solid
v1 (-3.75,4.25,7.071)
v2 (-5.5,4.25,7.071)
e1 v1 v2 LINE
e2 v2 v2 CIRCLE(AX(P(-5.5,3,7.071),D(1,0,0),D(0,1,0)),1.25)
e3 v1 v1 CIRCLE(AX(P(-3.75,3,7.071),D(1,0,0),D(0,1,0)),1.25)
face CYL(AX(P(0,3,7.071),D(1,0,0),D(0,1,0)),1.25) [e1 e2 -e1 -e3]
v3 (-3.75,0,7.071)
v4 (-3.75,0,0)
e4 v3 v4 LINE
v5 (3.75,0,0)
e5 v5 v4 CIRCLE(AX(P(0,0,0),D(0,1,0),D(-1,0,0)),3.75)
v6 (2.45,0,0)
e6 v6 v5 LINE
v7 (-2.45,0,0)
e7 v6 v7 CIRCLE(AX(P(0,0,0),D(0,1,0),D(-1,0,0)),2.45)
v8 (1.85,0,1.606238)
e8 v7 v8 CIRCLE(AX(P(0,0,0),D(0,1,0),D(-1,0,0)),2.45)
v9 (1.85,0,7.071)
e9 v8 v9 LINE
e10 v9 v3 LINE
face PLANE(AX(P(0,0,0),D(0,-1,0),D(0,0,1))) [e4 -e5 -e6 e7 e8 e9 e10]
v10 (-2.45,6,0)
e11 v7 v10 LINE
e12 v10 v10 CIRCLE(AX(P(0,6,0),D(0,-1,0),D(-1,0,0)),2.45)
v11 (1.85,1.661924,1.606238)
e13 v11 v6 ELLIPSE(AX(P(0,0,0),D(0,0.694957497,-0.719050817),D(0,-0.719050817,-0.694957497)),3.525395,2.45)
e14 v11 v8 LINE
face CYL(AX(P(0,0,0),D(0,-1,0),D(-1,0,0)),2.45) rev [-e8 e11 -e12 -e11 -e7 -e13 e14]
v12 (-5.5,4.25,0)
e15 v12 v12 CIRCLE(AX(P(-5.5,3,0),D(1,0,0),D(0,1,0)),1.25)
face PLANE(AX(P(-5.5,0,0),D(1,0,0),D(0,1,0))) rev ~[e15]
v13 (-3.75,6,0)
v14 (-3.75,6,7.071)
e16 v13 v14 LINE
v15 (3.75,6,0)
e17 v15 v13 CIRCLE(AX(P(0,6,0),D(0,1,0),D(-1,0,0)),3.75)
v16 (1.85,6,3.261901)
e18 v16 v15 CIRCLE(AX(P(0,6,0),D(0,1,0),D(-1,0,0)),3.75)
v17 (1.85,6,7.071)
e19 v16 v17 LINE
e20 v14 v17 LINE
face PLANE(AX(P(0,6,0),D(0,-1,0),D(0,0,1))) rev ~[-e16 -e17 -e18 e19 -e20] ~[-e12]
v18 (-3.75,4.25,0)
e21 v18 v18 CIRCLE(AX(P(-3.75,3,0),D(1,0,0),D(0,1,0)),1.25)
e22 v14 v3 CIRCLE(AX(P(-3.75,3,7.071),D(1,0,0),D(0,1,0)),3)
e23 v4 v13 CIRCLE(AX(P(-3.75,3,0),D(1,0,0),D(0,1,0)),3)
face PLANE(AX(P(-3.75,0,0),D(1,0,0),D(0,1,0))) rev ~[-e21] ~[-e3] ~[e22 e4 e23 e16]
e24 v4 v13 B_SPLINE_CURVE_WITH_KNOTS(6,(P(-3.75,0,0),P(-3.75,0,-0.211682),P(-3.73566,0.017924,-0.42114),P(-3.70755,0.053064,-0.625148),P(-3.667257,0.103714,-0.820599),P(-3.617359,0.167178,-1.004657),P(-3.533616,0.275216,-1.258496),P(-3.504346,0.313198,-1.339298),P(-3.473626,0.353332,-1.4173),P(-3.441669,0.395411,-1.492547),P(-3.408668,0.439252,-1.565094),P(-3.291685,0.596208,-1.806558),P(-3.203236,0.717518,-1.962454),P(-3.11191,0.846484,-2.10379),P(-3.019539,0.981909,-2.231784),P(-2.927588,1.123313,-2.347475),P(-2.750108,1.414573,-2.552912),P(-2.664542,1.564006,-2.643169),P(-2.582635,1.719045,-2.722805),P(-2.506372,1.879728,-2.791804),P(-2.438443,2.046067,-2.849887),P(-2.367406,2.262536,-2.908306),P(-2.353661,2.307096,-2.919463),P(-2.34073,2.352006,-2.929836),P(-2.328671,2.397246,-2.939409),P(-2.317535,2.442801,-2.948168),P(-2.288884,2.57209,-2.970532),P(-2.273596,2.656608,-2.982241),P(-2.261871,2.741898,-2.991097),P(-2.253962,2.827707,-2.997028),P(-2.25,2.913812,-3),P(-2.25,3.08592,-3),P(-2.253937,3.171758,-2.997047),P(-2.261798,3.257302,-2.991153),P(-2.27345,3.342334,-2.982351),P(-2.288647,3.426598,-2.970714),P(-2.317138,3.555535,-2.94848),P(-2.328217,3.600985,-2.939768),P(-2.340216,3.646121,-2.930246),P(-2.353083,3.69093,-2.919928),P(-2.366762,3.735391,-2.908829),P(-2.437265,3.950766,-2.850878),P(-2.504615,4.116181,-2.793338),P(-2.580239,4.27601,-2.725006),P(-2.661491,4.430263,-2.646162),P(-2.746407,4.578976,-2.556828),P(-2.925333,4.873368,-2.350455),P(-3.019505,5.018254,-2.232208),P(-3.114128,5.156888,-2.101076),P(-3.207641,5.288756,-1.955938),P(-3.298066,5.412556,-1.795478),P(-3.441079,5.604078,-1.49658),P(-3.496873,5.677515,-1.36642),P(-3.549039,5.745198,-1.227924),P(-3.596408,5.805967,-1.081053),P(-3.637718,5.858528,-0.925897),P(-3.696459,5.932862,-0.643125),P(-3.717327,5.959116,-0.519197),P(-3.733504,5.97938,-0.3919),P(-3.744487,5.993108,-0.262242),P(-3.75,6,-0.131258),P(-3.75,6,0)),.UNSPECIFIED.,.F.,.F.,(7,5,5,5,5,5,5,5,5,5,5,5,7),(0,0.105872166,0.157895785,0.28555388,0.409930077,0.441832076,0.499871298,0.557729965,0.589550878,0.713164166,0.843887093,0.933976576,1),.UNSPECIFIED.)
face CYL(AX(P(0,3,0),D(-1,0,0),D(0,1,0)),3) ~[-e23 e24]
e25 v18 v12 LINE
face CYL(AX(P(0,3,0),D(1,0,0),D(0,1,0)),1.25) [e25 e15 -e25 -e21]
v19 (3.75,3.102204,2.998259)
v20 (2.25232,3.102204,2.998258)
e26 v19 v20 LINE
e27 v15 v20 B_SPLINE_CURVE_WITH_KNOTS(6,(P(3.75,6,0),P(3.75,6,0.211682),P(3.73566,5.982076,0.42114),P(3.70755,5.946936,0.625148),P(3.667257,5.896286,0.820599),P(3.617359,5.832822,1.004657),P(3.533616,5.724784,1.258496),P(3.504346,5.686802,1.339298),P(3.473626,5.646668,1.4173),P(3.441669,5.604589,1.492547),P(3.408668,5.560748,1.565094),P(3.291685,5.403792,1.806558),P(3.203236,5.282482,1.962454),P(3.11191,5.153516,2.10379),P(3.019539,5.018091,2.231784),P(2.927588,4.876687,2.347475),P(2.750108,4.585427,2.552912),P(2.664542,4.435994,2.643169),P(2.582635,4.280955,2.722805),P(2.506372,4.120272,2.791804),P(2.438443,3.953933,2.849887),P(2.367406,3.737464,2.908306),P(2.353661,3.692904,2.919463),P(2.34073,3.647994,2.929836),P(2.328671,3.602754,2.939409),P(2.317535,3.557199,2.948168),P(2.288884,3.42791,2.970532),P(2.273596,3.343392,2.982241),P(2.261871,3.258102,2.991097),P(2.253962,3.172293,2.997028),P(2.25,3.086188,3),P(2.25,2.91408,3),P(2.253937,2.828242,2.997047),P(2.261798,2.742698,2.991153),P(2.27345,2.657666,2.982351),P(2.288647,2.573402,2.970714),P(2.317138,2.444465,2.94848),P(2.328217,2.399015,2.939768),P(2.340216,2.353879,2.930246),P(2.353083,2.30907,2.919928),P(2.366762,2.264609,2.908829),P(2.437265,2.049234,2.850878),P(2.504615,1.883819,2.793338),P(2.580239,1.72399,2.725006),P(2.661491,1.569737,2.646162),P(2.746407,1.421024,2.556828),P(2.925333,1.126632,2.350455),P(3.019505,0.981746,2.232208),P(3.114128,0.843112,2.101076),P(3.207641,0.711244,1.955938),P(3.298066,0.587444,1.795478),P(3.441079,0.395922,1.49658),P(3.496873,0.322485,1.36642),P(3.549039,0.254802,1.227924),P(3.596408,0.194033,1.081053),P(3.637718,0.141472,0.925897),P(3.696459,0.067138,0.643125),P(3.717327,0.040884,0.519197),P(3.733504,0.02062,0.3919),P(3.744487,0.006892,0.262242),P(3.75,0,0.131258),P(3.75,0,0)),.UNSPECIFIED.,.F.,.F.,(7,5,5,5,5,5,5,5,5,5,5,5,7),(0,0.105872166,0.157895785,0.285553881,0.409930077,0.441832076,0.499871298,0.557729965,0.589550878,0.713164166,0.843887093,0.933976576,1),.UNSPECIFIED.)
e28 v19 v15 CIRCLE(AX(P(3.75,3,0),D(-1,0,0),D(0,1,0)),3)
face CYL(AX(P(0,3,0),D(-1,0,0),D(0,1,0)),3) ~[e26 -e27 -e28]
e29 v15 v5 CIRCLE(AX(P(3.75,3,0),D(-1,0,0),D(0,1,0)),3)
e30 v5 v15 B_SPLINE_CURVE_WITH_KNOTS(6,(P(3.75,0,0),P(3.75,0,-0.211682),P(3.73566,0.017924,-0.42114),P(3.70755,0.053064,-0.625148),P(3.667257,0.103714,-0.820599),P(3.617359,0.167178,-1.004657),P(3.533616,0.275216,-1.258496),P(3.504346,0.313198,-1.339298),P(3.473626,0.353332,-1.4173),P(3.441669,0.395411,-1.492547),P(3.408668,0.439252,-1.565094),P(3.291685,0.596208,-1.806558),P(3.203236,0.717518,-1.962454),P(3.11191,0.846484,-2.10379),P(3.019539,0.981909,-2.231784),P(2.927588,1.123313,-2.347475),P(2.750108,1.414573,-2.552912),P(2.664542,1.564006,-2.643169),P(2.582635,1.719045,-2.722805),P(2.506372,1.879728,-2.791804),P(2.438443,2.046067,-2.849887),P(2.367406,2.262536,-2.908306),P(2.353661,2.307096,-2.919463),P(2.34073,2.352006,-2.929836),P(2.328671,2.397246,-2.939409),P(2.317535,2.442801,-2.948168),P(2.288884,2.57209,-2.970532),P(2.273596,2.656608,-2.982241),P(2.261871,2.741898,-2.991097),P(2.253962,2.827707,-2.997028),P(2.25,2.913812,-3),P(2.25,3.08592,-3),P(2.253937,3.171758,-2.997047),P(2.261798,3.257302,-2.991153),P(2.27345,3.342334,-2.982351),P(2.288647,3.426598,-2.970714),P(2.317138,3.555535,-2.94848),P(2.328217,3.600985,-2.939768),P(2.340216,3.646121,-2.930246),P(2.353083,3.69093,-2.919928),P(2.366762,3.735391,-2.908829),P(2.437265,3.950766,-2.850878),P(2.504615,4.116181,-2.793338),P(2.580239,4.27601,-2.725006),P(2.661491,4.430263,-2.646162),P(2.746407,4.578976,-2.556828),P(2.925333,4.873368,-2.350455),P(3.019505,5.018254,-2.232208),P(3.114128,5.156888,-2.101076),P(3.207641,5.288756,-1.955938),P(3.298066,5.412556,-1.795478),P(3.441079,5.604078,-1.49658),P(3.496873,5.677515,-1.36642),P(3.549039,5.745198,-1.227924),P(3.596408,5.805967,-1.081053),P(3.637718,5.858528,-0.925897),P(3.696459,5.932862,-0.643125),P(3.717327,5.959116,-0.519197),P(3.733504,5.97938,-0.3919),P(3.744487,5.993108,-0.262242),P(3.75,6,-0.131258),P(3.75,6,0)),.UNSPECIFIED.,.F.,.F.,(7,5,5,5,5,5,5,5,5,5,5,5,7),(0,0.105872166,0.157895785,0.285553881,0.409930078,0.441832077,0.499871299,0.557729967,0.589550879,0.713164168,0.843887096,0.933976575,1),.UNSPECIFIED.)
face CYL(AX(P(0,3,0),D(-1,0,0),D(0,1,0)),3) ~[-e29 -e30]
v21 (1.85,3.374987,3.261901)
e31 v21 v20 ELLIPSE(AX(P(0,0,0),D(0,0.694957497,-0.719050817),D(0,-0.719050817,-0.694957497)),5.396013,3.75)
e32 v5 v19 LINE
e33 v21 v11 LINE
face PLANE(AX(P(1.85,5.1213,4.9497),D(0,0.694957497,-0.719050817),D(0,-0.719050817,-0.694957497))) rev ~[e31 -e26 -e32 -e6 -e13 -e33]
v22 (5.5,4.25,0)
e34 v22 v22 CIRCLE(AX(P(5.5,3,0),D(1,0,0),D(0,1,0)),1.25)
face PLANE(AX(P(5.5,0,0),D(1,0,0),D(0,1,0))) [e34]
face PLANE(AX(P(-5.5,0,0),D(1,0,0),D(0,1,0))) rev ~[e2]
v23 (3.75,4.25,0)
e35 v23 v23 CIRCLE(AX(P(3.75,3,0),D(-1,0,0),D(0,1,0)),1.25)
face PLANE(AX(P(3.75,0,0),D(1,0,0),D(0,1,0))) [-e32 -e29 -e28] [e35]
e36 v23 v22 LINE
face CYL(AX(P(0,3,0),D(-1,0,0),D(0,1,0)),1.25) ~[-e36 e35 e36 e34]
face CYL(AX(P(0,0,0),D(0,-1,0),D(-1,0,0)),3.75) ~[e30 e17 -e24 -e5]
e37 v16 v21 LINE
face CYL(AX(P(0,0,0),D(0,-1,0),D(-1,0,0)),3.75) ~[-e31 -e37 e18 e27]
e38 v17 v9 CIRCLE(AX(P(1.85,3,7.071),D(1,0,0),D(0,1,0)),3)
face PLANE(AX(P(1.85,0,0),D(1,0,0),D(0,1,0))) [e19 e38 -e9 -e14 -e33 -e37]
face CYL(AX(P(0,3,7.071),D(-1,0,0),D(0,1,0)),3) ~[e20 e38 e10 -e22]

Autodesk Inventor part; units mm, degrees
ref_plane "YZ Plane" through (0, 0, 0) normal (1, 0, 0) x (0, 1, 0)
ref_plane "XZ Plane" through (0, 0, 0) normal (0, 1, 0) x (-1, 0, 0)
ref_plane "XY Plane" through (0, 0, 0) normal (0, 0, 1) x (1, 0, 0)
sketch "Эскиз1" plane through (0, 0, 0) normal (0, 1, 0) x (-1, 0, 0)
  circle A0 centre (0, 0) radius 2.45
  circle A1 centre (0, 0) radius 3.75
  dimension "d0" = 4.9
  dimension "d1" = 7.5
extrude "Выдавливание1" add sketch "Эскиз1" along normal blind 6
sketch "Эскиз2" plane through (0, 0, 0) normal (1, 0, 0) x (0, 1, 0)
  circle A0 centre (3, 0) radius 1.25
  line L0 (0, -3.75) -> (0, 3.75) projected
  circle A1 centre (3, 0) radius 3
  circle A2 centre (3, 7.071) radius 1.25
  arc A3 (6, 7.071) -> (0, 7.071) centre (3, 7.071) ccw
  line L1 (3, 0) -> (3, 7.071) construction
  line L2 (6, 0) -> (6, 7.071)
  line L3 (0, 7.071) -> (0, 0)
  point P0 (0, 0)
  dimension "d7" = 6
  dimension "d4" = 2.5
  dimension "d12" = 2.5
  dimension "d13" = 6
  dimension "d14" = 7.071
extrude "Выдавливание3" add sketch "Эскиз2" along normal mid plane 7.5 contours A1
extrude "Выдавливание5" add sketch "Эскиз2" along normal blind 1.85 and the other way blind 3.75 contours L0 L3 A3 L2 A1
extrude "Выдавливание2" add sketch "Эскиз2" along normal mid plane 11 contours A0
extrude "Выдавливание4" cut sketch "Эскиз1" along normal blind 6 contours A0
extrude "Выдавливание7" add sketch "Эскиз2" along normal blind 3.6 and the other way blind 5.5 contours A2
sketch "Эскиз3" plane through (1.85, 0, 0) normal (1, 0, 0) x (0, 0, -1)
  circle A0 centre (-7.071, 3) radius 1.25 projected
  arc A1 (-7.071, 6) -> (-7.071, 0) centre (-7.071, 3) ccw projected
  arc A2 (-7.071, 0) -> (-7.071, 6) centre (-7.071, 3) ccw
  line L0 (-7.071, 0) -> (-3.2619, 0) projected
  line L1 (0, 0) -> (-3.2619, 0) projected
  line L2 (3.75, 0) -> (0, 0) projected
  line L3 (-4.9497, 5.1213) -> (0, 0)
  point P0 (-4.8786, 5.0478)
extrude "Выдавливание8" cut sketch "Эскиз3" along normal blind 3.75
properties part number "Кулак"
